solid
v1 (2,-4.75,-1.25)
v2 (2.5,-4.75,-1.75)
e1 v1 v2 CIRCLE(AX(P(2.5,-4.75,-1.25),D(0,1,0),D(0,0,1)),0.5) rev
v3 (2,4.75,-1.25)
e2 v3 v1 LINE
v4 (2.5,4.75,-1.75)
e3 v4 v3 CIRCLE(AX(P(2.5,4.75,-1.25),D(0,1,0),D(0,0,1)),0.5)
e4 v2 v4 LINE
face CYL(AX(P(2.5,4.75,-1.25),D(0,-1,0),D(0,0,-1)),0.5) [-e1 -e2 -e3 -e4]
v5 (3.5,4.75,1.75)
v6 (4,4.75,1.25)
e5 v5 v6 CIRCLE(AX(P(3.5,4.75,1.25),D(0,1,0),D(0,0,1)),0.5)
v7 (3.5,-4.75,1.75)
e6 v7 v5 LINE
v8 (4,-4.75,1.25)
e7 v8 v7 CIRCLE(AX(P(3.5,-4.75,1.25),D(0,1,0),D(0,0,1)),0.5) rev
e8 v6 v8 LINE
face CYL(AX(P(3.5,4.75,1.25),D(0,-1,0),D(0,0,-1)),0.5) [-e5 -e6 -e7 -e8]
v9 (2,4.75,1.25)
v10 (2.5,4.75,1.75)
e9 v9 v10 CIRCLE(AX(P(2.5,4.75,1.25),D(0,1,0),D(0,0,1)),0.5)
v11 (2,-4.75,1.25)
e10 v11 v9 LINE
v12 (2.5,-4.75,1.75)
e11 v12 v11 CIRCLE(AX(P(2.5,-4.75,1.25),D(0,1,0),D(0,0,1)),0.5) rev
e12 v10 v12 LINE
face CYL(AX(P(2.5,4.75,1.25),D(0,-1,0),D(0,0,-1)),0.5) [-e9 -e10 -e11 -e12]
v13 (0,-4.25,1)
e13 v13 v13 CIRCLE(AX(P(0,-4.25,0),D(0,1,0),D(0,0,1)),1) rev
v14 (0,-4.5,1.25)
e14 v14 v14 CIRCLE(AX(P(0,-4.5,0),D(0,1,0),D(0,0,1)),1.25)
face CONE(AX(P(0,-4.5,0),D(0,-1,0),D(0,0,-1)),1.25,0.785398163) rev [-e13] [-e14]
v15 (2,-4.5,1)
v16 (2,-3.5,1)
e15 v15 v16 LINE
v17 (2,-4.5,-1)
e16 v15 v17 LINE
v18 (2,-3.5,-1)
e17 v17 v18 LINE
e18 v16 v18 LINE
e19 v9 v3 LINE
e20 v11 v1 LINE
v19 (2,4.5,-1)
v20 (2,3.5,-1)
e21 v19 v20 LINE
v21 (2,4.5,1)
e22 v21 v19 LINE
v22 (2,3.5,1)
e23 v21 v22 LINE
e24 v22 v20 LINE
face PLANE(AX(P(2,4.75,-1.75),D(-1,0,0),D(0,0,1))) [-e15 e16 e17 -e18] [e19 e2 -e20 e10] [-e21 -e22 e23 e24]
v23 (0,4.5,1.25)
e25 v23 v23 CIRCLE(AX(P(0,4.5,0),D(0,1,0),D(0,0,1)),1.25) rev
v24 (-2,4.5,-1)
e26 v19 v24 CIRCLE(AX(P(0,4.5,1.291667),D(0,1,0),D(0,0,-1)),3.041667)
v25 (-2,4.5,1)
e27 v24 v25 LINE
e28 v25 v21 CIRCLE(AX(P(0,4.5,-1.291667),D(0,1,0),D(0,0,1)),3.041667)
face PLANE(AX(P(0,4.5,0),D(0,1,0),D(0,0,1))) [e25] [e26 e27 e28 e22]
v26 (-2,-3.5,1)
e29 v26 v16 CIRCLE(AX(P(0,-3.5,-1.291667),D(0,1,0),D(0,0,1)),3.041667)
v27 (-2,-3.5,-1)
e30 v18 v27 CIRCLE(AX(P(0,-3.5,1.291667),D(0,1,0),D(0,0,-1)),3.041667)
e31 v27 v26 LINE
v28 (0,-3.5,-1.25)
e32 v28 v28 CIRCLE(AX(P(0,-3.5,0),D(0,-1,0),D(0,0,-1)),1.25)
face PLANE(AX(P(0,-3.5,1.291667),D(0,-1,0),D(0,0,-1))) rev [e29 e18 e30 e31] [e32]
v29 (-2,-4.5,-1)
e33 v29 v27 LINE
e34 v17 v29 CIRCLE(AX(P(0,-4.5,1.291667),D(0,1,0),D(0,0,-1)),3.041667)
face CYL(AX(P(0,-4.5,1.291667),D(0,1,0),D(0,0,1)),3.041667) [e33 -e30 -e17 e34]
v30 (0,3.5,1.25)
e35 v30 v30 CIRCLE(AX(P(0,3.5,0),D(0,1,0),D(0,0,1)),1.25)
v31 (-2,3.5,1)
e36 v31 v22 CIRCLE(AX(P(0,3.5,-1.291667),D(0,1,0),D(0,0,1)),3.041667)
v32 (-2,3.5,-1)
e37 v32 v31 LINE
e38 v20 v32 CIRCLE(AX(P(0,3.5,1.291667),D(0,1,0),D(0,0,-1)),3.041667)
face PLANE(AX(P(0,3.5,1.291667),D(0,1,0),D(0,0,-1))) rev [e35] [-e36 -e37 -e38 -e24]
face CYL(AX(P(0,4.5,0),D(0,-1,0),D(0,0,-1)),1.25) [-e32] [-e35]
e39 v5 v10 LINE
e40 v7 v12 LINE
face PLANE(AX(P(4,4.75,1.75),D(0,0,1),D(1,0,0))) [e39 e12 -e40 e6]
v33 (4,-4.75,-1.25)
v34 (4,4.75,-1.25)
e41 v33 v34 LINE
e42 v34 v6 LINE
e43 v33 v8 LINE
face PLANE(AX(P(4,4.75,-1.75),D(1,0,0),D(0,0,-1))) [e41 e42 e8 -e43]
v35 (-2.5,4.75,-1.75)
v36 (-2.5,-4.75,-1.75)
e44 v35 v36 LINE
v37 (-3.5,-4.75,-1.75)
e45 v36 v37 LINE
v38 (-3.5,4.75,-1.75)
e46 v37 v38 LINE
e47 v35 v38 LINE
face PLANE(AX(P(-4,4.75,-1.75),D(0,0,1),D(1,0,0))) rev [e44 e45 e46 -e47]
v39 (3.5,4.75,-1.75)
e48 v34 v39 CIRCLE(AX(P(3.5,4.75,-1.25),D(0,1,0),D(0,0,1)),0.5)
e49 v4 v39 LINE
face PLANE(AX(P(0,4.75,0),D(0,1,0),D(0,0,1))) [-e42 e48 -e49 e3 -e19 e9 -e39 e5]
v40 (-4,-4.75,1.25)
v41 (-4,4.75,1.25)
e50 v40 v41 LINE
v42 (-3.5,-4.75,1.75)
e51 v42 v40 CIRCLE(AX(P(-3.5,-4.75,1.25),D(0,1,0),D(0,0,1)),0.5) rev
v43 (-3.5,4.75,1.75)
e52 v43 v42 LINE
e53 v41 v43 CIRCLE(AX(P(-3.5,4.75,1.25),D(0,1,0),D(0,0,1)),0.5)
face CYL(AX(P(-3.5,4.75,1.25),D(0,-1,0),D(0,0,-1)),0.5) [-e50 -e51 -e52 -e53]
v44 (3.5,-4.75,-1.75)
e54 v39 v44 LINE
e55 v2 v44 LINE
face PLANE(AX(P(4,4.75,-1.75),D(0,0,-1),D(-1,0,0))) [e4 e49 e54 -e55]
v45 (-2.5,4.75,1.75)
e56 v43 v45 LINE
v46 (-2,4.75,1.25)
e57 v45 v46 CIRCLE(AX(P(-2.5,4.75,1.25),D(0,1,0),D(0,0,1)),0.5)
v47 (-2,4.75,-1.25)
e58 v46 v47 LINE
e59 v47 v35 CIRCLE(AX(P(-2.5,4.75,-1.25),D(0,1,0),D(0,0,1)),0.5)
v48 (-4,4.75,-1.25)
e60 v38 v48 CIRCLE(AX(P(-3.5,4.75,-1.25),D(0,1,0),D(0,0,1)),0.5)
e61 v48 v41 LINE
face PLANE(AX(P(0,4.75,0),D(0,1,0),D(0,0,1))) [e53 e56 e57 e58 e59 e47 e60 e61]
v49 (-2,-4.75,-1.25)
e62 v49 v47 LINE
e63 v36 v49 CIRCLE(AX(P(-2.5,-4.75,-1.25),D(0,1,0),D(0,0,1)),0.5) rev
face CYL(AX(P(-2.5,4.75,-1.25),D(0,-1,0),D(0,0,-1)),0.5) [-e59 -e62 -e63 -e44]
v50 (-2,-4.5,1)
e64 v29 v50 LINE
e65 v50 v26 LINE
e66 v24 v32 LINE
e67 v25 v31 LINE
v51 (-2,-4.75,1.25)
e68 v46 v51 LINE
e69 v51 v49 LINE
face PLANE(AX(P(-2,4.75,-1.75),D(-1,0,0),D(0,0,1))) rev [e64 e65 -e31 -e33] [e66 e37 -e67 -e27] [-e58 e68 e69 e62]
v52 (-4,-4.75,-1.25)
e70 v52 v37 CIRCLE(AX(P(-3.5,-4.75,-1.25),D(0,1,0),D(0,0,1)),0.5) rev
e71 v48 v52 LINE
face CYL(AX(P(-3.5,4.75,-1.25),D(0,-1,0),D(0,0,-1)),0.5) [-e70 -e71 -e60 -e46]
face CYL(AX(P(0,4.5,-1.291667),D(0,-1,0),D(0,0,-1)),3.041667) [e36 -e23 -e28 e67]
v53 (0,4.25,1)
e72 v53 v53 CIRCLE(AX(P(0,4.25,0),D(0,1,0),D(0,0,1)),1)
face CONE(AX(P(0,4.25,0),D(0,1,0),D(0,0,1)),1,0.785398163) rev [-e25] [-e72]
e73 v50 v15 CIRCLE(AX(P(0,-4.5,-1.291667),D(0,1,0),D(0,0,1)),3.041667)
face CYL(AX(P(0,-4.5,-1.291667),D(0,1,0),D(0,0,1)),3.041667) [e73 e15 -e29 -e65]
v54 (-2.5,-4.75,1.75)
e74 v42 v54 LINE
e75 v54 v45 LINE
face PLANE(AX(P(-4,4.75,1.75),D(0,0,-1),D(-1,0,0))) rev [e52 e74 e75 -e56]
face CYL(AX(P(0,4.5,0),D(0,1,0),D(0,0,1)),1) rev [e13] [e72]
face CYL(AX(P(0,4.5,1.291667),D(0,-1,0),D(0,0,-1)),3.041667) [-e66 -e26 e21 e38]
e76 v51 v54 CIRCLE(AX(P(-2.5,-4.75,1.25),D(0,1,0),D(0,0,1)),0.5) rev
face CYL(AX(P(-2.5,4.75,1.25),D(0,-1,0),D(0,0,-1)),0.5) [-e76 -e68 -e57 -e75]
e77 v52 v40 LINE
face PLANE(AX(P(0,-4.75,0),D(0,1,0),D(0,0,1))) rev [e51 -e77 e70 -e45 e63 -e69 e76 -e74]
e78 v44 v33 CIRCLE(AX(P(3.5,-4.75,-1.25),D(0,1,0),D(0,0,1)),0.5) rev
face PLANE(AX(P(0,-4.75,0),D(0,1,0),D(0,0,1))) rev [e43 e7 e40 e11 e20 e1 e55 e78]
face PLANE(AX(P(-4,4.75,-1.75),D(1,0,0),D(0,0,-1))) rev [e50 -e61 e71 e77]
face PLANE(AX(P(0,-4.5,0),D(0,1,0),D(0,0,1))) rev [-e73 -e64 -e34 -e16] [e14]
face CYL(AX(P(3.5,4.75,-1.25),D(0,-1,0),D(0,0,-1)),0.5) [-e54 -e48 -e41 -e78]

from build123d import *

# Parameters (mm, degrees)
SKETCH1_R             = 1.25
BOSS_EXTRUDE1_DEPTH   = 4.5
BOSS_EXTRUDE2_START   = -3.5
BOSS_EXTRUDE2_DEPTH   = 1
SKETCH3_W             = 2
SKETCH3_H             = 3.5
BOSS_EXTRUDE3_DEPTH   = 4.75
FILLET2_R             = 0.5
F_2_0MM_DOWEL_HOLE1_D = 2
CHAMFER1_SIZE         = 0.25


with BuildPart() as part:
    # Sketch1 → Boss-Extrude1 (new body, symmetric)
    with BuildSketch(Plane(origin=(0, 0, 0), x_dir=(1, 0, 0), z_dir=(0, 1, 0))):
        Circle(SKETCH1_R)
    extrude(amount=BOSS_EXTRUDE1_DEPTH, both=True)

    # Sketch2 → Boss-Extrude2 (add)
    with BuildSketch(Plane(origin=(0, 0, 0), x_dir=(1, 0, 0), z_dir=(0, 1, 0)).offset(BOSS_EXTRUDE2_START)):
        with BuildLine():
            Line((-2, -1), (-2, 1))
            ThreePointArc((-2, 1), (0, 1.75), (2, 1))
            Line((2, 1), (2, -1))
            ThreePointArc((2, -1), (0, -1.75), (-2, -1))
        make_face()
    boss_extrude2 = extrude(amount=-BOSS_EXTRUDE2_DEPTH)

    # Mirror2: Boss-Extrude2 across plane
    add(boss_extrude2.mirror(Plane.ZX))

    # Sketch3 → Boss-Extrude3 (add, symmetric)
    with BuildSketch(Plane(origin=(0, 0, 0), x_dir=(1, 0, 0), z_dir=(0, 1, 0))):
        with Locations((-3, 0)):
            Rectangle(SKETCH3_W, SKETCH3_H)
    boss_extrude3 = extrude(amount=BOSS_EXTRUDE3_DEPTH, both=True)

    # Mirror3: Boss-Extrude3 across plane
    add(boss_extrude3.mirror(Plane(origin=(0, 0, 0), x_dir=(0, 0, 1), z_dir=(1, 0, 0))))

    # Fillet2
    fillet2_edges = [part.edges().sort_by_distance(p)[0] for p in [
        (-2, 0, 1.75),
        (-4, 0, -1.75),
        (-4, 0, 1.75),
        (-2, 0, -1.75),
        (2, 0, -1.75),
        (4, 0, 1.75),
        (4, 0, -1.75),
        (2, 0, 1.75),
    ]]
    fillet(fillet2_edges, radius=FILLET2_R)

    # Ø2.0mm Dowel Hole1 (through all)
    with Locations(Plane(origin=(0, 4.5, 0), x_dir=(1, 0, 0), z_dir=(0, 1, 0))):
        with Locations((0, 0)):
            Hole(F_2_0MM_DOWEL_HOLE1_D / 2)

    # Chamfer1
    chamfer1_edges = [part.edges().sort_by_distance(p)[0] for p in [
        (1, -4.5, 0),
        (1, 4.5, 0),
    ]]
    chamfer(chamfer1_edges, length=CHAMFER1_SIZE)


solid = part.part
